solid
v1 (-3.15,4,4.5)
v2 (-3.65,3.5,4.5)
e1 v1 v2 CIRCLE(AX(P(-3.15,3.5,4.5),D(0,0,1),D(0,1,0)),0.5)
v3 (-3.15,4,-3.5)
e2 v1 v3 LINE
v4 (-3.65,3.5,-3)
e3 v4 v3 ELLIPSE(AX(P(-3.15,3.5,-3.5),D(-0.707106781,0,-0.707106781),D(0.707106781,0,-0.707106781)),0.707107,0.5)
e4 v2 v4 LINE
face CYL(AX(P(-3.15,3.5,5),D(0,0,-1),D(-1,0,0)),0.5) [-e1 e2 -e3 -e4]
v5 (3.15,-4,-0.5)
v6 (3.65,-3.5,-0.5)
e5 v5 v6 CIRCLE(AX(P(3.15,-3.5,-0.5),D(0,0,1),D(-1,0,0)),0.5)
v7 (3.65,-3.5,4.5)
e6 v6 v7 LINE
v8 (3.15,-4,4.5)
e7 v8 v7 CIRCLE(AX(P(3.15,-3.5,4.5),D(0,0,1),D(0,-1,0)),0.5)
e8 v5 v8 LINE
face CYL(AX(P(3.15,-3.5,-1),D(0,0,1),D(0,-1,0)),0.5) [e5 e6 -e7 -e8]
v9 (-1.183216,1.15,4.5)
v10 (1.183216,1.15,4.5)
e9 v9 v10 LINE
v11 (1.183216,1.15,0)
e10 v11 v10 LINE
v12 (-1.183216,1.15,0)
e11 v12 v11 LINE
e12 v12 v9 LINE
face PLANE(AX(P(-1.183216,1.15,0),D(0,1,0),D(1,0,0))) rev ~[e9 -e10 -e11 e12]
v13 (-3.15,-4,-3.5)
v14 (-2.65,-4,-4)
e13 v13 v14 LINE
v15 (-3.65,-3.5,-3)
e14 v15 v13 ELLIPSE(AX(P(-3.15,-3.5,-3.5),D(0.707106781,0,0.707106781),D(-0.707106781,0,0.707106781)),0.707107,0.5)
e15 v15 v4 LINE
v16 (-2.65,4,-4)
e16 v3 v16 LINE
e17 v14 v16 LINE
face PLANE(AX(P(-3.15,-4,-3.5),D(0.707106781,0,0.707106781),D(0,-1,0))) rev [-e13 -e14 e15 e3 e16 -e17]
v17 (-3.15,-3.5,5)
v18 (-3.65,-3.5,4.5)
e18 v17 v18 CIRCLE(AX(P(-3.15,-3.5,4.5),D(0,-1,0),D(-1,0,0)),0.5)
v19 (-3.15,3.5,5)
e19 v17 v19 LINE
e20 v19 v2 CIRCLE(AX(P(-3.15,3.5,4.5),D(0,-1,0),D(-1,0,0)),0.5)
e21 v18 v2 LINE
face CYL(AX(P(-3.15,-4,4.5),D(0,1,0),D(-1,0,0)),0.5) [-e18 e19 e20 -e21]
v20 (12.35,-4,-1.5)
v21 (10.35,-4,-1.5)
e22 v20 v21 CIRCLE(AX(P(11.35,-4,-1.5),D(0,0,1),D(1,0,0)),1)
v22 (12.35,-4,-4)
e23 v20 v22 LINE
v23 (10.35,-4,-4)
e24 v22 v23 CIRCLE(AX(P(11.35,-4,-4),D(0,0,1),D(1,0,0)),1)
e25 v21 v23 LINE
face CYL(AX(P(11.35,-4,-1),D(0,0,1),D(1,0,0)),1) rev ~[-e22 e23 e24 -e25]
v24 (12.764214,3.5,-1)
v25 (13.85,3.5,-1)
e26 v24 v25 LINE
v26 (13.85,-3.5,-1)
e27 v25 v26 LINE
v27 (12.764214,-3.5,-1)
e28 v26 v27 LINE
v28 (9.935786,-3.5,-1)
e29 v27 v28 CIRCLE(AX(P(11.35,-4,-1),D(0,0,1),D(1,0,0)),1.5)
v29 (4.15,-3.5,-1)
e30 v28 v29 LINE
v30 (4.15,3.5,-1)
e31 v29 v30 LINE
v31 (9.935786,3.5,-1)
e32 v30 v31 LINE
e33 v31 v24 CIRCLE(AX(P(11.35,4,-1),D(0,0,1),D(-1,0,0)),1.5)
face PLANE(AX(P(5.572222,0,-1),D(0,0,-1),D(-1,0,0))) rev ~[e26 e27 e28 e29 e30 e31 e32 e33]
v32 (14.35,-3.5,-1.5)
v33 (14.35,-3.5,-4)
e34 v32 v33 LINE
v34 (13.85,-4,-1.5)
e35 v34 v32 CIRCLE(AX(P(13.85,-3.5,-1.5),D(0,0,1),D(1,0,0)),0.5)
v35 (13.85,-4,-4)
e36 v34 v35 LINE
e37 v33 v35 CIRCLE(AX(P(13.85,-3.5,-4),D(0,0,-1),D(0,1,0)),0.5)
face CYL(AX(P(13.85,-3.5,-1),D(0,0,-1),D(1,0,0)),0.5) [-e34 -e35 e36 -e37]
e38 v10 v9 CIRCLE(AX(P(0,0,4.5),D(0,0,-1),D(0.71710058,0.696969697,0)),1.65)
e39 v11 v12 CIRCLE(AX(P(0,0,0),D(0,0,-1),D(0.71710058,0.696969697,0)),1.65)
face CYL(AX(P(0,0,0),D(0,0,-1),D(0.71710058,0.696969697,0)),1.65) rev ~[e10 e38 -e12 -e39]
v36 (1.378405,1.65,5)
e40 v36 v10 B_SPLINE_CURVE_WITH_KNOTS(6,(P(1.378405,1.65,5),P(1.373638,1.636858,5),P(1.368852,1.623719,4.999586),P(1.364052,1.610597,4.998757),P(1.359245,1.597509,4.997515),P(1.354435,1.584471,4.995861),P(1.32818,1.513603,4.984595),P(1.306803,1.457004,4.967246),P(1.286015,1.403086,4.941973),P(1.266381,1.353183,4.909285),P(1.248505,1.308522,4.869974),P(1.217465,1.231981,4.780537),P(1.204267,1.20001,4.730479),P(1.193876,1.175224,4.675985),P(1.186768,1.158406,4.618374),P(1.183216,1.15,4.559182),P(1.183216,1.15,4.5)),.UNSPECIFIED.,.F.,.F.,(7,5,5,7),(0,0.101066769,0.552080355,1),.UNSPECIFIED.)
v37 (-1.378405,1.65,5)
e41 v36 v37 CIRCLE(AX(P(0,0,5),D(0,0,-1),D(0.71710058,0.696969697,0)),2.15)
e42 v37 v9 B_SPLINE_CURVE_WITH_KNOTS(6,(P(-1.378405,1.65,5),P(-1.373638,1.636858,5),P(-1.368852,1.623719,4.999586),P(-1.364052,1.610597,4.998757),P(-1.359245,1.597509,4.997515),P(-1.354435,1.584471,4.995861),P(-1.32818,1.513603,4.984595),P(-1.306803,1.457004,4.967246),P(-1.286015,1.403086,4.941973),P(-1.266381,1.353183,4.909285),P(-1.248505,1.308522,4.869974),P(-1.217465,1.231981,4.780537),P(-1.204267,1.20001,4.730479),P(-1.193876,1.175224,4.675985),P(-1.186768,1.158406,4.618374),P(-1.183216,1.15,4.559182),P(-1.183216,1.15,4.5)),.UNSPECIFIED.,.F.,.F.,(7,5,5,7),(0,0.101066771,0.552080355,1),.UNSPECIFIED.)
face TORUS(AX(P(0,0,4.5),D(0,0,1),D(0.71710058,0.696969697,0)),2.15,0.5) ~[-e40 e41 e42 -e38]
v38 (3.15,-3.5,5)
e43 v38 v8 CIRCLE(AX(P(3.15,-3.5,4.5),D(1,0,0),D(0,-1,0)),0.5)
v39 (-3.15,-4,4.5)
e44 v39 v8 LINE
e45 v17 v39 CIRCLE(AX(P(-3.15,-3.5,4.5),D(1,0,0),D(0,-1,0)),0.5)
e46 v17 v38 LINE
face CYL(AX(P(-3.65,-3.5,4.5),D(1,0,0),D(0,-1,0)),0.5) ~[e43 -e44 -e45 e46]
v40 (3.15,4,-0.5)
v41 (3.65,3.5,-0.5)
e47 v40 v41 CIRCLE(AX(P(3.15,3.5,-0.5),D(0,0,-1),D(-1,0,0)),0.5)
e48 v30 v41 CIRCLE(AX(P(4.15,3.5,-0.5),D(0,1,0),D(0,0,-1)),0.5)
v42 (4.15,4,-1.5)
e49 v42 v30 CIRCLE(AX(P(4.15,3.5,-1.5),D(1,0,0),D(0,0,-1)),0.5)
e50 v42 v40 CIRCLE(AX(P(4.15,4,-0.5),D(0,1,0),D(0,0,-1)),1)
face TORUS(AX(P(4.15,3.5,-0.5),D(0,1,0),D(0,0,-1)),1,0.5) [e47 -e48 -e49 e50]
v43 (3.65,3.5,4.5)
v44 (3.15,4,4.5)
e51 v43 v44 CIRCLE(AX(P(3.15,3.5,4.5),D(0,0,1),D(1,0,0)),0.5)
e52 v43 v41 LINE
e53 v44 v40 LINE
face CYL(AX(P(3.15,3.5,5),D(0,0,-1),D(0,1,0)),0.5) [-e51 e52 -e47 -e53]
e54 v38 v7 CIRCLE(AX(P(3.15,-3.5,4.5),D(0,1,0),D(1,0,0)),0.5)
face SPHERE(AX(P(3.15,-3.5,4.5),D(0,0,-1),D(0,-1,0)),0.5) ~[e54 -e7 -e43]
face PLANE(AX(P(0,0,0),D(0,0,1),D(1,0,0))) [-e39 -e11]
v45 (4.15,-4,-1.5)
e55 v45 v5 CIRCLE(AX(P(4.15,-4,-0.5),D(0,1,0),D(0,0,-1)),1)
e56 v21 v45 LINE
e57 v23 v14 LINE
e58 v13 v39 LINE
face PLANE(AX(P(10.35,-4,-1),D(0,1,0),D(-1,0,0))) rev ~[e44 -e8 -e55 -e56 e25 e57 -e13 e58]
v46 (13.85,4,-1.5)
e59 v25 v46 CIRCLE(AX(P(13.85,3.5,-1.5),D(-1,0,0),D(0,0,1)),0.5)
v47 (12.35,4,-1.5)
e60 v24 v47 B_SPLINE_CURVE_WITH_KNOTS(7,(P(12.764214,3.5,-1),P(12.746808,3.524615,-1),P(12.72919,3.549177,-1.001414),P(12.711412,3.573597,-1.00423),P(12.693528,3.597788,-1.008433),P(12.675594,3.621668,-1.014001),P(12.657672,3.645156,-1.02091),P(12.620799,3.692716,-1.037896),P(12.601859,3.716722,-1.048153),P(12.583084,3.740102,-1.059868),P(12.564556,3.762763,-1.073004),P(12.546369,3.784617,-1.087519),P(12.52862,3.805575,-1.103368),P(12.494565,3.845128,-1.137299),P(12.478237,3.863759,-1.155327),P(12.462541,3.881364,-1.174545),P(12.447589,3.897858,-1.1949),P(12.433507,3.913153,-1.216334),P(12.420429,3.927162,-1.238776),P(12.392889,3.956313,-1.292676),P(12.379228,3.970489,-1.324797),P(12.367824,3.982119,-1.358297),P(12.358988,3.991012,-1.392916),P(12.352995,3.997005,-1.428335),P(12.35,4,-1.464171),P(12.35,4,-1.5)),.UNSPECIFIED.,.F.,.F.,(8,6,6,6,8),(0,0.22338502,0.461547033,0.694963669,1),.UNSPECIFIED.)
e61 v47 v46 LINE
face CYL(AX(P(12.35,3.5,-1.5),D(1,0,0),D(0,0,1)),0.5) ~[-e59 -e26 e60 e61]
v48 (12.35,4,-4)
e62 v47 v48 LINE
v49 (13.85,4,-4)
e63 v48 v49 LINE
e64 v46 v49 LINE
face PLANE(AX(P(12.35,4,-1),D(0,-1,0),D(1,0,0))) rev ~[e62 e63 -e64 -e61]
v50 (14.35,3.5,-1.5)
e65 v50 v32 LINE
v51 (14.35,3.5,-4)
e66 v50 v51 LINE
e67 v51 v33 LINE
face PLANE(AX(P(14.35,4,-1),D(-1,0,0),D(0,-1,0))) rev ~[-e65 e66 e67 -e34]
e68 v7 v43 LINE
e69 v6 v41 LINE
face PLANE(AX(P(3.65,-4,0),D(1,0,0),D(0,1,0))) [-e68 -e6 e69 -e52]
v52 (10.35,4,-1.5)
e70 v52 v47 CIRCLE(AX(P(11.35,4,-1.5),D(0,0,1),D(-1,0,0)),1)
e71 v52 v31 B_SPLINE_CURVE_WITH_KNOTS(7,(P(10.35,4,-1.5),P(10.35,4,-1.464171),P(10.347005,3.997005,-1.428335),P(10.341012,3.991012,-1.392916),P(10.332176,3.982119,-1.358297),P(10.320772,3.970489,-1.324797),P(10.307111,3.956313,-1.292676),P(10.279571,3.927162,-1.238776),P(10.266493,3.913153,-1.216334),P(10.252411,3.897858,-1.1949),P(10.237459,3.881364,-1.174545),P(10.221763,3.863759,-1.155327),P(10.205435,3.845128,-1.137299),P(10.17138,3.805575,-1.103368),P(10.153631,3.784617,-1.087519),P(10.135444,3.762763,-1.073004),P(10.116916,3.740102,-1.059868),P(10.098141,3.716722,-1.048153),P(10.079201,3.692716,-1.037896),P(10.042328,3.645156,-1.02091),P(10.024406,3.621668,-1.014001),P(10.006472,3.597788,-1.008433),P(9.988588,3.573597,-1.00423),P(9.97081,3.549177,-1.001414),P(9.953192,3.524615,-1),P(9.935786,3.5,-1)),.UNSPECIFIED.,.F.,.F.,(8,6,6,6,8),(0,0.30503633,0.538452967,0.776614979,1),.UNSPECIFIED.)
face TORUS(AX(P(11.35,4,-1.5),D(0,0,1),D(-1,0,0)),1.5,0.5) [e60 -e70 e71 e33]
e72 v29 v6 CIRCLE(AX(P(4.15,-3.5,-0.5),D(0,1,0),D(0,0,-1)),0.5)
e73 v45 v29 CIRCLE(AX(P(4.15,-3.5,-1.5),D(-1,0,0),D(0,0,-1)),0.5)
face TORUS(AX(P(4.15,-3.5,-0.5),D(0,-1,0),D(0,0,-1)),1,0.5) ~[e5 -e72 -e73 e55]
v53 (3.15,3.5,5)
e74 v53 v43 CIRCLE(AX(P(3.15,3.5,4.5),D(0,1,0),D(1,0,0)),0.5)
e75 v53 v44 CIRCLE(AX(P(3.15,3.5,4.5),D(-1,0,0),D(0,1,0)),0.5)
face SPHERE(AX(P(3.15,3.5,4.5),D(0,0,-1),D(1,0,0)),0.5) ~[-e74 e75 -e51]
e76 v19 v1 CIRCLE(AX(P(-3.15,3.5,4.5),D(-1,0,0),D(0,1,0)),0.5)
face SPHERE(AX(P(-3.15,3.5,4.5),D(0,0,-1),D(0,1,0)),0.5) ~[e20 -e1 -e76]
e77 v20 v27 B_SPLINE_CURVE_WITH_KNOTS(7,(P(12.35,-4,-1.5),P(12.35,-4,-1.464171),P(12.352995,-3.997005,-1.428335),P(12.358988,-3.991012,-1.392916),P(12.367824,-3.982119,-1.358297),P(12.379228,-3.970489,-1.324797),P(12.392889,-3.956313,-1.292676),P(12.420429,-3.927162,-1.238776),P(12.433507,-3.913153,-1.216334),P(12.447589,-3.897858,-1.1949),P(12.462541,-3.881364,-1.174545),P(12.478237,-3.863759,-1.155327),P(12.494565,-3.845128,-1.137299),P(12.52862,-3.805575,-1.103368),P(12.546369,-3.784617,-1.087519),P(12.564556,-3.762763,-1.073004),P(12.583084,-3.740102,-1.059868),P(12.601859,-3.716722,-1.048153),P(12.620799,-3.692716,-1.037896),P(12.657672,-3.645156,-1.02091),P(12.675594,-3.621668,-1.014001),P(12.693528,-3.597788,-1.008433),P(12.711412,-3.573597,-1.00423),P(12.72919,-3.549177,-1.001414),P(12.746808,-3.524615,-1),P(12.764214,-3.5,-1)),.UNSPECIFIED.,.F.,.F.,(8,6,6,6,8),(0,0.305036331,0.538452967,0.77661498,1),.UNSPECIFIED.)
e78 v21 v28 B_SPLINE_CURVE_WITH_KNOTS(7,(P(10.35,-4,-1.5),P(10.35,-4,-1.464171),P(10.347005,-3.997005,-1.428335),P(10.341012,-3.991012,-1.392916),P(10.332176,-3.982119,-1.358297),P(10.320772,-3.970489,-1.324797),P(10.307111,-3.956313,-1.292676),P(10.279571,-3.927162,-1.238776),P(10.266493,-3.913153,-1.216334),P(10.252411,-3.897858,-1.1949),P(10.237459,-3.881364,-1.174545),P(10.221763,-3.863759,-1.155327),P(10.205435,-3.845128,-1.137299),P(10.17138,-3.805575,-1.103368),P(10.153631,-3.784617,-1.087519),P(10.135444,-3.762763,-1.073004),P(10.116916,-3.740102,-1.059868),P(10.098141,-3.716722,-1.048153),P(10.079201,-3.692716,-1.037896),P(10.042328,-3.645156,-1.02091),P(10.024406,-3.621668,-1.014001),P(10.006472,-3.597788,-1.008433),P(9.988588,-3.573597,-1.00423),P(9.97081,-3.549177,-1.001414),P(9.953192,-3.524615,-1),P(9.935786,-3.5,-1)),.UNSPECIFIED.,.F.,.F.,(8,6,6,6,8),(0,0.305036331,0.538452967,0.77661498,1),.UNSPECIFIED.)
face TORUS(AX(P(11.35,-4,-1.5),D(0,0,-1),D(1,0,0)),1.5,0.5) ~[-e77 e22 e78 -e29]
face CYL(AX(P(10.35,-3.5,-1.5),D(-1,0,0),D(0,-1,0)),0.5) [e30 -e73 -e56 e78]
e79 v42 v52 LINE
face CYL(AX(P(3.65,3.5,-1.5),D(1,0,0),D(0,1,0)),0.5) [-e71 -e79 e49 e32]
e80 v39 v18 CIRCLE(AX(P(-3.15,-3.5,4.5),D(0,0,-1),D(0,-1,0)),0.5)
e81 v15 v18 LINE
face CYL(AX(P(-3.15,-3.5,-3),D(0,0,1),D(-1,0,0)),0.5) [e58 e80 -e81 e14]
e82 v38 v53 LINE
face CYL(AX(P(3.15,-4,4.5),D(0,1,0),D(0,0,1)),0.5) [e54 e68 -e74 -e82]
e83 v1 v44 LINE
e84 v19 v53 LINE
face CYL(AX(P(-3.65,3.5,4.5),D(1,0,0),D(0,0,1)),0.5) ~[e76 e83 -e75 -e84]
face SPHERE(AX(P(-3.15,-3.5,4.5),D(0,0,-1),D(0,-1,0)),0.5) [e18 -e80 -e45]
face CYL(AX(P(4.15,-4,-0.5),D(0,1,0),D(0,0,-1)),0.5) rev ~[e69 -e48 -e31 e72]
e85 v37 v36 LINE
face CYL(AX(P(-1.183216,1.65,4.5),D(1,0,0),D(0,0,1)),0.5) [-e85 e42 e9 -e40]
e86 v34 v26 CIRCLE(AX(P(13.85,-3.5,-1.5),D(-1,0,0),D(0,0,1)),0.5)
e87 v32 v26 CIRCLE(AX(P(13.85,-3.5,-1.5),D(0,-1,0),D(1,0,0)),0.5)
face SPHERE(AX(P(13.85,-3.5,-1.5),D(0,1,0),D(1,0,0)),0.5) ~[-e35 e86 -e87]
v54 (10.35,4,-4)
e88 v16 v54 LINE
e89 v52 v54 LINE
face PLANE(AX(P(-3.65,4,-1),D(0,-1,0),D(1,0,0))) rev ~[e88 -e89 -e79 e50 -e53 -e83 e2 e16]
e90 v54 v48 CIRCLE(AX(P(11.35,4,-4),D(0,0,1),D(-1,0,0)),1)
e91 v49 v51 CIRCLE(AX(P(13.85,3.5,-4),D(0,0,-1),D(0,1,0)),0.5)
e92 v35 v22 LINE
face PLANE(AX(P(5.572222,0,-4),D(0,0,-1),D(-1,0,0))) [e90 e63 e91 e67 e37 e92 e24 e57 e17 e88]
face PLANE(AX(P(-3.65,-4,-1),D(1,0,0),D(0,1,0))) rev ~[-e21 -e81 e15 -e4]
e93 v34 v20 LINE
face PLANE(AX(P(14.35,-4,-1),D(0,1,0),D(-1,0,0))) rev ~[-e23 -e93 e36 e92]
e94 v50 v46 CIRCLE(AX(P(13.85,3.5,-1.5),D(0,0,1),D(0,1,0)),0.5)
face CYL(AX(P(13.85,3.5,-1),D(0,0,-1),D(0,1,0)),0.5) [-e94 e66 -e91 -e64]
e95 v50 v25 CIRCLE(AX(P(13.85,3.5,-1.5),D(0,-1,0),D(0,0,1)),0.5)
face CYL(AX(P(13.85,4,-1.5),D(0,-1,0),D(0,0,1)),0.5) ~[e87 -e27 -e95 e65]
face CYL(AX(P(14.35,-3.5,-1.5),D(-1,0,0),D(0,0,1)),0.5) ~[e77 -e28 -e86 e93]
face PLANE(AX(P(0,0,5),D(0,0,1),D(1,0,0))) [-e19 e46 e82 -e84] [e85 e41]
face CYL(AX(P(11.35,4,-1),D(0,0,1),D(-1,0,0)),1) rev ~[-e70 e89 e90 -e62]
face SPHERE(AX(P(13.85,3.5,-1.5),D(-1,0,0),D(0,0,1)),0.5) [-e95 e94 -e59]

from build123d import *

# Parameters (mm, degrees)
SKETCH1_W           = 7.3
SKETCH1_H           = 8
BOSS_EXTRUDE1_DEPTH = 5
SKETCH1_3_W         = 7.3
SKETCH1_3_H         = 8
BOSS_EXTRUDE2_DEPTH = 1
BOSS_EXTRUDE3_DEPTH = 3
CHAMFER1_SIZE       = 1
FILLET1_R           = 0.5


with BuildPart() as part:
    # Sketch1 → Boss-Extrude1 (new body)
    with BuildSketch(Plane.XY):
        Rectangle(SKETCH1_W, SKETCH1_H)
        with BuildLine():
            Line((-1.183215957, 1.15), (1.183215957, 1.15))
            ThreePointArc((1.183215957, 1.15), (0, -1.65), (-1.183215957, 1.15))
        make_face(mode=Mode.SUBTRACT)
    extrude(amount=BOSS_EXTRUDE1_DEPTH)

    # Sketch1<3> → Boss-Extrude2 (add)
    with BuildSketch(Plane.XY):
        Rectangle(SKETCH1_3_W, SKETCH1_3_H)
    extrude(amount=-BOSS_EXTRUDE2_DEPTH)

    # Sketch2 → Boss-Extrude3 (add)
    with BuildSketch(Plane(origin=(0, 0, -1), x_dir=(-1, 0, 0), z_dir=(0, 0, -1))):
        with BuildLine():
            Line((3.65, -4), (3.65, 4))
            Line((3.65, 4), (-10.35, 4))
            ThreePointArc((-10.35, 4), (-11.35, 3), (-12.35, 4))
            Line((-12.35, 4), (-14.35, 4))
            Line((-14.35, 4), (-14.35, -4))
            Line((-14.35, -4), (-12.35, -4))
            ThreePointArc((-12.35, -4), (-11.35, -3), (-10.35, -4))
            Line((-10.35, -4), (3.65, -4))
        make_face()
    extrude(amount=BOSS_EXTRUDE3_DEPTH)

    # Chamfer1
    chamfer1_edges = [part.edges().sort_by_distance(p)[0] for p in [
        (-3.65, 0, -4),
    ]]
    chamfer(chamfer1_edges, length=CHAMFER1_SIZE)

    # Fillet1
    fillet1_edges = [part.edges().sort_by_distance(p)[0] for p in [
        (-3.65, -4, 1),
        (-3.65, 4, 1),
        (3.65, 4, 2),
        (3.65, -4, 2),
        (0, -4, 5),
        (3.65, 0, 5),
        (0, 4, 5),
        (3.65, 0, -1),
        (-3.65, 0, 5),
        (7, 4, -1),
        (11.35, 3, -1),
        (13.35, 4, -1),
        (14.35, 0, -1),
        (14.35, 4, -2.5),
        (14.35, -4, -2.5),
        (7, -4, -1),
        (11.35, -3, -1),
        (13.35, -4, -1),
        (0, 1.15, 5),
        (0, -1.65, 5),
    ]]
    fillet(fillet1_edges, radius=FILLET1_R)


solid = part.part
